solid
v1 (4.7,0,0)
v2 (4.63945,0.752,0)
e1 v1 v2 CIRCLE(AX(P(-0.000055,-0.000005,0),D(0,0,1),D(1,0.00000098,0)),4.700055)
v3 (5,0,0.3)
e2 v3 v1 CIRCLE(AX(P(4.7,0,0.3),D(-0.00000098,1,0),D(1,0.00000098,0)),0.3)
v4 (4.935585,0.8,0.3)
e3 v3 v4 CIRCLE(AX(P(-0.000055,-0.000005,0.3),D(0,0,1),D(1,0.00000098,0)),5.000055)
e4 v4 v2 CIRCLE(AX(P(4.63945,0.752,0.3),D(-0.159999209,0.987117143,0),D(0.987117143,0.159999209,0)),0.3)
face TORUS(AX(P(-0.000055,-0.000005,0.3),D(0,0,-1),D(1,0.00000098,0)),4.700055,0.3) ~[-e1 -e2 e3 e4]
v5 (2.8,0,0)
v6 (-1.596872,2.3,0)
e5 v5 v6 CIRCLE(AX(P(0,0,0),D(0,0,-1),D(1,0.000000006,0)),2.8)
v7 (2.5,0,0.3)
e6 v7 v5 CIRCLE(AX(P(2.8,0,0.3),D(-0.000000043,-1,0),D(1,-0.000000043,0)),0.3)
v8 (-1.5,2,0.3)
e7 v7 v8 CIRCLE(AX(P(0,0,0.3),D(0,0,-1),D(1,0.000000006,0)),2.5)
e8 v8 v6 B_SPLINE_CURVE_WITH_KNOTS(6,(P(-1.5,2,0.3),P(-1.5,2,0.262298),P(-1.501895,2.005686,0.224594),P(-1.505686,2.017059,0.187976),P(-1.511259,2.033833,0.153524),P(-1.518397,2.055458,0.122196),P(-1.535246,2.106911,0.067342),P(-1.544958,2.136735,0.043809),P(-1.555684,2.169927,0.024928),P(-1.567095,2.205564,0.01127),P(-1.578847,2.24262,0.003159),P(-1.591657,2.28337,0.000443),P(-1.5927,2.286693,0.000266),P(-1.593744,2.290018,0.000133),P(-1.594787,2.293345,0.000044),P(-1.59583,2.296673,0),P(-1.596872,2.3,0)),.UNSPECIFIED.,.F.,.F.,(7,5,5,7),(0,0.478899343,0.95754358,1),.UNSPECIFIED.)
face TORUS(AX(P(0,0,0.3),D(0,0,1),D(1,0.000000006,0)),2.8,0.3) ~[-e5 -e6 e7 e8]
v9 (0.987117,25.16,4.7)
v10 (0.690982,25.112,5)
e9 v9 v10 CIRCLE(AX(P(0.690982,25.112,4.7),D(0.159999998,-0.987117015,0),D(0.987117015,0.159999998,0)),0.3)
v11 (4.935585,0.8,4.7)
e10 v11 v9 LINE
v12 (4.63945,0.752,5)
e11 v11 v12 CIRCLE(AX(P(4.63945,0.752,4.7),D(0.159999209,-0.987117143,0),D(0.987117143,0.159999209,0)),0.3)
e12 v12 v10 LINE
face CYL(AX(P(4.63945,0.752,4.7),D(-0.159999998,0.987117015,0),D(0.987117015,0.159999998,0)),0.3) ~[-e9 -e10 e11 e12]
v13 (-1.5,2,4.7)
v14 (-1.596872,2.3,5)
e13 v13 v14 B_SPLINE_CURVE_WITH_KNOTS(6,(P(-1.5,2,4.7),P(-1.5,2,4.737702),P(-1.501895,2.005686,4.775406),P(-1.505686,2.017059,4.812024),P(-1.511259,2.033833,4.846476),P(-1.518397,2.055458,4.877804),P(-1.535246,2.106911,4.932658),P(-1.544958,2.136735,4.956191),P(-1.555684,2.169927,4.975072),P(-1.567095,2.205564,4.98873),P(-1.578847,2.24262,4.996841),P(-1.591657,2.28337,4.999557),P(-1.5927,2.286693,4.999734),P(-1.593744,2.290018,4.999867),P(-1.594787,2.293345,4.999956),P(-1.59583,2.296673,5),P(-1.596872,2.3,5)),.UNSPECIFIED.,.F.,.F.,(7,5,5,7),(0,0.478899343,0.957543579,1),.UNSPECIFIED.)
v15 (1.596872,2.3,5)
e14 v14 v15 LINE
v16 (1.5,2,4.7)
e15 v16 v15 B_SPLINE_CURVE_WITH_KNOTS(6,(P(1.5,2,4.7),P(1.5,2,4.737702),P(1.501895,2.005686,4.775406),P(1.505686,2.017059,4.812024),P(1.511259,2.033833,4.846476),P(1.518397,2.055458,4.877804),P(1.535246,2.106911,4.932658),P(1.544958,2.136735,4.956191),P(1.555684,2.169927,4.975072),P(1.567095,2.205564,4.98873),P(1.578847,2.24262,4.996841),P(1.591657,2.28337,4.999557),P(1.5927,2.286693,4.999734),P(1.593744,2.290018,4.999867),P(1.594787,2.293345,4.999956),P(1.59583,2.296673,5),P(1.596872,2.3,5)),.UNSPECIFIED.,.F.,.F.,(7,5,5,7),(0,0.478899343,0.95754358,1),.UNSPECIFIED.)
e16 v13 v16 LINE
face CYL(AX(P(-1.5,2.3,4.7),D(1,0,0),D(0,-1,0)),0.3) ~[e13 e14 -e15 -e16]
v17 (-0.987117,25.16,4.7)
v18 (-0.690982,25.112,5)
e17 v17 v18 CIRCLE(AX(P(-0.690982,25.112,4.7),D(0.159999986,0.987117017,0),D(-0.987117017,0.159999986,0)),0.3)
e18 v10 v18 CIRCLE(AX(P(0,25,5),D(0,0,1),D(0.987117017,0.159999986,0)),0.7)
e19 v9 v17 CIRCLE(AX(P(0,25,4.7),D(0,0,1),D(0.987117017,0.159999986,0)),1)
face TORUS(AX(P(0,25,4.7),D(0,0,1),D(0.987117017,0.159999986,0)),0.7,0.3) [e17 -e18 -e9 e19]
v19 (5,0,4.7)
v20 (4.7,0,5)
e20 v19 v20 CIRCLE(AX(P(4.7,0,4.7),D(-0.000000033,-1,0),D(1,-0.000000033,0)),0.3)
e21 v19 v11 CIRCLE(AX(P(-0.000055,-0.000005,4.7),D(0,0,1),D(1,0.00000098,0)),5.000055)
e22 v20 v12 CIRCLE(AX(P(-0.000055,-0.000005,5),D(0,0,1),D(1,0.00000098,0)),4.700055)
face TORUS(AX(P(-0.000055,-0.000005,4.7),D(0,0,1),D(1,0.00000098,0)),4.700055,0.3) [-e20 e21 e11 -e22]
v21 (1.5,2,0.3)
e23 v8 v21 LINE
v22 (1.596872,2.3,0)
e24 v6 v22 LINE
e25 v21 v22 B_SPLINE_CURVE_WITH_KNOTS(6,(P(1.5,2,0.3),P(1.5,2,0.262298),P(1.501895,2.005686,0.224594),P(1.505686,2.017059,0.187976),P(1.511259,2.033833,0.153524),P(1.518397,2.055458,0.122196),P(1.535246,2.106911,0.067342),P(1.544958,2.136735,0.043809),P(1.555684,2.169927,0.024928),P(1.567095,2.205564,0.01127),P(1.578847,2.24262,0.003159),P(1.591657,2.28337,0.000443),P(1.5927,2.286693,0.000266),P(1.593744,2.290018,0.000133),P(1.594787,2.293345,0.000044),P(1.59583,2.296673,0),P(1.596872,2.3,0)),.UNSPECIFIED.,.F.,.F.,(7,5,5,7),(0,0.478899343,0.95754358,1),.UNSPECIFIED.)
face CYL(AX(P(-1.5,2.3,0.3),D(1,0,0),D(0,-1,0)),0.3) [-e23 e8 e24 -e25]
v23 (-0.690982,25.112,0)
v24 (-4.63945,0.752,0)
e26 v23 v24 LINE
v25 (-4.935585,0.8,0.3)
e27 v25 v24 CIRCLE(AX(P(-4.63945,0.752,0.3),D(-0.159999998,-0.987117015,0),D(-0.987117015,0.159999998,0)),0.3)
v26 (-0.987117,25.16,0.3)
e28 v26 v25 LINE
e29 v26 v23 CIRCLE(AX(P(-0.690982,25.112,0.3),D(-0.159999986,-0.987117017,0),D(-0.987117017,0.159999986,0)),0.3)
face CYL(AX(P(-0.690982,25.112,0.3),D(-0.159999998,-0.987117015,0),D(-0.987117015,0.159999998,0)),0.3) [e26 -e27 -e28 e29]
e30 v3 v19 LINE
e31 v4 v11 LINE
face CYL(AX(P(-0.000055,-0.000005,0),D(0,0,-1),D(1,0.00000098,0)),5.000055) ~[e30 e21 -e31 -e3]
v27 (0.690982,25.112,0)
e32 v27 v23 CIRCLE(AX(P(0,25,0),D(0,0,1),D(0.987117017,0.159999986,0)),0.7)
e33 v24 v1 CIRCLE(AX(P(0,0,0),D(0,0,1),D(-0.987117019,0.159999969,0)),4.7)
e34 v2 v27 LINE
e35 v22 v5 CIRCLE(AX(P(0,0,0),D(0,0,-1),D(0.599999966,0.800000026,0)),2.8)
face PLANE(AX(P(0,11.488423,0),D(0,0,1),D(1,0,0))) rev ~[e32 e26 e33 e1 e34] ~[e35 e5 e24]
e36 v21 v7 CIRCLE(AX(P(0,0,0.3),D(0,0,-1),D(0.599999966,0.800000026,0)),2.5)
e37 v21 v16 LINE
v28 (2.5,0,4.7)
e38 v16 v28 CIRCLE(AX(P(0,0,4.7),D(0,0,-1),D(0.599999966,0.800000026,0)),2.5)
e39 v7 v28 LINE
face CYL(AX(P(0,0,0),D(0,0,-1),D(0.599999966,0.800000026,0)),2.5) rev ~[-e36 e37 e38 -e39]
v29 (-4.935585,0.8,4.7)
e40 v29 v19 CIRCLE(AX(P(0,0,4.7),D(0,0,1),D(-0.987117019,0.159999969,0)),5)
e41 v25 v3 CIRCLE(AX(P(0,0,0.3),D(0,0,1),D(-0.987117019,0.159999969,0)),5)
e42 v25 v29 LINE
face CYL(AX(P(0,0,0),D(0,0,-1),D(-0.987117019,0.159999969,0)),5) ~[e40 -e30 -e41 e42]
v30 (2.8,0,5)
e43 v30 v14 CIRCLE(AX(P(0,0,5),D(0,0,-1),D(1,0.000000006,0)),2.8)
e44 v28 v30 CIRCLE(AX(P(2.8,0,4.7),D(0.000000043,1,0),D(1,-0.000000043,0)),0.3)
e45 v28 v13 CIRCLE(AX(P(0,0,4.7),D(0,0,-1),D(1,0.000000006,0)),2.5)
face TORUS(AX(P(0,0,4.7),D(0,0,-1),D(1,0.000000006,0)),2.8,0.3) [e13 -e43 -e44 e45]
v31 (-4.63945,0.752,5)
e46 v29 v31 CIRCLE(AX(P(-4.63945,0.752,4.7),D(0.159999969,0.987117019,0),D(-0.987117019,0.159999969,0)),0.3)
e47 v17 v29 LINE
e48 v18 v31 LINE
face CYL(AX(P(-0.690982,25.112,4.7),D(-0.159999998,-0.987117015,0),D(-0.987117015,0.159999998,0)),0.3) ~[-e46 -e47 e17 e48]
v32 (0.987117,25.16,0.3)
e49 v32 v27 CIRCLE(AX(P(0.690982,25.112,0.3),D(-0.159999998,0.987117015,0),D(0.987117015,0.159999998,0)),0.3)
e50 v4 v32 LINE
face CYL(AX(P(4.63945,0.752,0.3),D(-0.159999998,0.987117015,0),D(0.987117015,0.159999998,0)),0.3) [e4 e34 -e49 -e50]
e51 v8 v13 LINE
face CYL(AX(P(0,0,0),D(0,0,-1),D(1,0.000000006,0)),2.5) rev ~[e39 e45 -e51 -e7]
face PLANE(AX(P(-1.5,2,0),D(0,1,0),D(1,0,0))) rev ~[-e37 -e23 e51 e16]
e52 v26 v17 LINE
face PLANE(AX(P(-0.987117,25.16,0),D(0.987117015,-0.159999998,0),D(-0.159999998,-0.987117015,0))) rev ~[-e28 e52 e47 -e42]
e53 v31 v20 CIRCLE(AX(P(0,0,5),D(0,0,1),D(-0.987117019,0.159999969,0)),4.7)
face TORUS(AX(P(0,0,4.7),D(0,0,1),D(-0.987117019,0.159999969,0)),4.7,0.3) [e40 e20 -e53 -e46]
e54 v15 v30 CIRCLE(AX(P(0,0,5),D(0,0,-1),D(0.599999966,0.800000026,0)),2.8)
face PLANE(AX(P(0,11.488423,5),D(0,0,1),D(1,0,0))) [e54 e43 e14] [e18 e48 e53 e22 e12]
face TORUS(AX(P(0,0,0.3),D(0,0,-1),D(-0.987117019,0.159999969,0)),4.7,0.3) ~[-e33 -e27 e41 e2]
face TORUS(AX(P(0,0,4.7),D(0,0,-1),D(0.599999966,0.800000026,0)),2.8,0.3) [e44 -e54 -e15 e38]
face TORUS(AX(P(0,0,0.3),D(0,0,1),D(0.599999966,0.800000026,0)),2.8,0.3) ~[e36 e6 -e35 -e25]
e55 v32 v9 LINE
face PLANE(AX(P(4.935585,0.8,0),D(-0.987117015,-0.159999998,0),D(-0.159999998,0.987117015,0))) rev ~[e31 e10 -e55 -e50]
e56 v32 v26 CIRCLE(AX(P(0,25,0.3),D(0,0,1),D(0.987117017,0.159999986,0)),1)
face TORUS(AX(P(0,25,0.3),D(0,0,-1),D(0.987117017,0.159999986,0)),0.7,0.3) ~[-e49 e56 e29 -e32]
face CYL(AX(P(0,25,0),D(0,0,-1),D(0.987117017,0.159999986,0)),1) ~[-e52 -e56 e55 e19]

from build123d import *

# Parameters (mm, degrees)
F1_DEPTH = 5
F2_R     = 0.3


with BuildPart() as f1:
    # F0 (on Top) → F1 (new body)
    with BuildSketch(Plane.XY):
        with BuildLine():
            ThreePointArc((-4.935585, 0.8), (0, 5), (4.935585, 0.8))
            Line((4.935585, 0.8), (0.987117, 25.16))
            ThreePointArc((0.987117, 25.16), (0, 26), (-0.987117, 25.16))
            Line((-0.987117, 25.16), (-4.935585, 0.8))
        make_face()
        with BuildLine():
            ThreePointArc((-4.935585, 0.8), (-0.401295, -4.98387), (5, 0))
            ThreePointArc((5, 0), (4.98387, 0.401295), (4.935585, 0.8))
            ThreePointArc((4.935585, 0.8), (0, 5), (-4.935585, 0.8))
        make_face()
        with BuildLine():
            ThreePointArc((1.5, 2), (2.236068, 1.118034), (2.5, 0))
            ThreePointArc((2.5, 0), (-1.118034, -2.236068), (-1.5, 2))
            ThreePointArc((-1.5, 2), (0, 2.5), (1.5, 2))
        make_face(mode=Mode.SUBTRACT)
        with BuildLine():
            Line((-1.5, 2), (1.5, 2))
            ThreePointArc((1.5, 2), (0, 2.5), (-1.5, 2))
        make_face()
    extrude(amount=F1_DEPTH)

    # F2
    f2_edges = [f1.edges().sort_by_distance(p)[0] for p in [
        (-0.401295, -4.98387, 5),
        (4.98387, 0.401295, 5),
        (2.961351, 12.98, 5),
        (0, 26, 5),
        (-2.961351, 12.98, 5),
        (0, -2.5, 5),
        (0, 2, 5),
        (4.98387, 0.401295, 0),
        (2.961351, 12.98, 0),
        (0, 26, 0),
        (-2.961351, 12.98, 0),
        (-0.401295, -4.98387, 0),
        (0, -2.5, 0),
        (0, 2, 0),
    ]]
    fillet(f2_edges, radius=F2_R)


solid = f1.part
